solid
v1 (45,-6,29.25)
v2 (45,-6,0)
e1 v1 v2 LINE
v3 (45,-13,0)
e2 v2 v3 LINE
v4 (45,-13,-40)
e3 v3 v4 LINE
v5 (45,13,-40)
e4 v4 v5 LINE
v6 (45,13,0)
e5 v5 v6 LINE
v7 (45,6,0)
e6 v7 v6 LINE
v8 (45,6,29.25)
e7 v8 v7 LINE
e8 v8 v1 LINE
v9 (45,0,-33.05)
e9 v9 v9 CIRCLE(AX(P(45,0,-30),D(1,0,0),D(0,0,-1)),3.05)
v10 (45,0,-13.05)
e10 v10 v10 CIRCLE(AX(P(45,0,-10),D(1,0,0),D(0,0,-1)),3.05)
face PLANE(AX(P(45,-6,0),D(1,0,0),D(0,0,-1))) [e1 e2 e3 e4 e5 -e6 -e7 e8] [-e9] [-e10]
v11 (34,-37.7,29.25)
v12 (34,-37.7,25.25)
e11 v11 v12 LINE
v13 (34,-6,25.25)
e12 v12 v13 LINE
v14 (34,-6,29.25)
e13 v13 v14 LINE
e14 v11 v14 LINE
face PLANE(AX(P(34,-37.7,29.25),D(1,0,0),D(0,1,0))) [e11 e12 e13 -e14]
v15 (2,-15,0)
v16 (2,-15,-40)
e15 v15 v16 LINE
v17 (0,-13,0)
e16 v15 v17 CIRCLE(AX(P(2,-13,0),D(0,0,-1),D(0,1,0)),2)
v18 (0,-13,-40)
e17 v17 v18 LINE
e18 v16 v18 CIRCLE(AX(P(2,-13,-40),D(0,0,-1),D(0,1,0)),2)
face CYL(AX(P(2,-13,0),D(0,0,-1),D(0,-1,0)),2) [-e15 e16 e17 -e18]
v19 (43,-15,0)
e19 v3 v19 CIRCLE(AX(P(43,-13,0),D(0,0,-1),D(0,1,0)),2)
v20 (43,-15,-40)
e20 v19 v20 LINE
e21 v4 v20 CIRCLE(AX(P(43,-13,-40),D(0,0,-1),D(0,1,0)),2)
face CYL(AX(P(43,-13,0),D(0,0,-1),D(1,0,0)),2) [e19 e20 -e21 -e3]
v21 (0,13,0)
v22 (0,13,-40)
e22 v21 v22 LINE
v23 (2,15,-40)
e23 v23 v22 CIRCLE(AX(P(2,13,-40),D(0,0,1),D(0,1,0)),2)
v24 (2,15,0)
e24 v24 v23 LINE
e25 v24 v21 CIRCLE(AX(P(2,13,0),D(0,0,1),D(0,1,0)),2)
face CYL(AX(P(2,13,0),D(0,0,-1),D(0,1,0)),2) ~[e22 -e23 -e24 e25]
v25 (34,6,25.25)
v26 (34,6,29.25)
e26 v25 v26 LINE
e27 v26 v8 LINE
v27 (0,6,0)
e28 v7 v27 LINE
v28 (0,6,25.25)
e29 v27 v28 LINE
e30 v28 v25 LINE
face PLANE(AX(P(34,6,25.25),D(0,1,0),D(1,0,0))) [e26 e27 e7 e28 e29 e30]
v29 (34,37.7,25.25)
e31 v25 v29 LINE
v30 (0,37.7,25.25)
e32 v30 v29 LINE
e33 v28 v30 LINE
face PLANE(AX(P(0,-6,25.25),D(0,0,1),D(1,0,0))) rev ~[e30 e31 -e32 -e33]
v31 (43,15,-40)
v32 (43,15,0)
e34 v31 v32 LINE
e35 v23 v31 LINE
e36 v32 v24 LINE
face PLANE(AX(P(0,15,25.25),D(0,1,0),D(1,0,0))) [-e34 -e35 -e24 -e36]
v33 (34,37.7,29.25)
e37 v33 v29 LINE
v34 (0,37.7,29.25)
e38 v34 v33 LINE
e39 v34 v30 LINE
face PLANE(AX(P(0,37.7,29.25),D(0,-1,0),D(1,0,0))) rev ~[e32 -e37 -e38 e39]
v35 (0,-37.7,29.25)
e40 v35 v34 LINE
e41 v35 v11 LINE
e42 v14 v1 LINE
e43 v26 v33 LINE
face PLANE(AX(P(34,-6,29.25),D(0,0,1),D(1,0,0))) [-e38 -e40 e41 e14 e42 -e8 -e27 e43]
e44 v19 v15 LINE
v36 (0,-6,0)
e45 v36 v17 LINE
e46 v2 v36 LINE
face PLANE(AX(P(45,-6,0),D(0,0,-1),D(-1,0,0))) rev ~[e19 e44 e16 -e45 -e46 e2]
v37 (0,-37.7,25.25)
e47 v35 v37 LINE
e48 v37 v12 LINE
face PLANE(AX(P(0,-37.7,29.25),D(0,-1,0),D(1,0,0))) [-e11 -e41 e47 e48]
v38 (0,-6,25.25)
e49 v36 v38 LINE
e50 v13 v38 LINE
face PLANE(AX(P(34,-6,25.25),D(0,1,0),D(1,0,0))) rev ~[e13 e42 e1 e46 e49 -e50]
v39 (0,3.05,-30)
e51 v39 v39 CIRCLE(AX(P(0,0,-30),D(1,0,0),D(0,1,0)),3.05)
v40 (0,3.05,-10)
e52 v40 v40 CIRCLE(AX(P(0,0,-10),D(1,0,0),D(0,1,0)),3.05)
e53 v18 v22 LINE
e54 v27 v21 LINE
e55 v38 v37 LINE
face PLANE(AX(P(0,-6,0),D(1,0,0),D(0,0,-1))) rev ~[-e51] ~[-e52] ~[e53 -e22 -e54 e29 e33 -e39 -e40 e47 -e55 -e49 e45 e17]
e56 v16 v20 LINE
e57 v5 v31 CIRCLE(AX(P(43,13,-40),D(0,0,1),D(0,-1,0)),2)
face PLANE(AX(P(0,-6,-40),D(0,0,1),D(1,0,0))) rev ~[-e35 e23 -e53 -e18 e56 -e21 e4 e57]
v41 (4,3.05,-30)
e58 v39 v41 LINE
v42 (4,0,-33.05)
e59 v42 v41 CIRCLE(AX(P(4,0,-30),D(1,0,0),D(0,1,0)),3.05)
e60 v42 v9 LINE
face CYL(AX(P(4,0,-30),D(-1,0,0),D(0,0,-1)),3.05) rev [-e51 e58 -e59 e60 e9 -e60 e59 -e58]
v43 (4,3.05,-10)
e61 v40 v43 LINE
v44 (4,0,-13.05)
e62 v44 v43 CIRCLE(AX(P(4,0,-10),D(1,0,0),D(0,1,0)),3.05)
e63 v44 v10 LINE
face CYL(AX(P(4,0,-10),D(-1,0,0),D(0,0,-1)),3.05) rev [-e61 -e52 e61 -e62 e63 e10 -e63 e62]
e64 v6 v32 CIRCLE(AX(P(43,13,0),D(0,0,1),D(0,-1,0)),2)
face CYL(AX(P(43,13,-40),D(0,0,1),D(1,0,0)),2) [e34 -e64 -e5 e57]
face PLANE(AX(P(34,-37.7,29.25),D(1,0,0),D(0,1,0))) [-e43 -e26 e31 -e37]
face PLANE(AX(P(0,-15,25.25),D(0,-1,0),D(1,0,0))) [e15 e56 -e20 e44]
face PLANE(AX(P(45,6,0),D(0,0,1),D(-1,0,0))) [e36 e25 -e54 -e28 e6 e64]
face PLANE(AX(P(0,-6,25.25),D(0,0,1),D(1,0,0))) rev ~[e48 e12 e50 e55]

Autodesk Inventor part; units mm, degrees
ref_plane "YZ Plane" through (0, 0, 0) normal (1, 0, 0) x (0, 1, 0)
ref_plane "XZ Plane" through (0, 0, 0) normal (0, 1, 0) x (-1, 0, 0)
ref_plane "XY Plane" through (0, 0, 0) normal (0, 0, 1) x (1, 0, 0)
sketch "Sketch1" plane through (0, 0, 0) normal (1, 0, 0) x (0, 1, 0)
  circle A0 centre (0, -10) radius 3.05
  circle A1 centre (0, -30) radius 3.05
  line L0 (0, 0) -> (6, 0)
  line L1 (6, 0) -> (6, -40)
  line L2 (6, -40) -> (-6, -40)
  line L3 (-6, -40) -> (-6, 0)
  line L4 (-6, 0) -> (0, 0)
  line L5 (6, 0) -> (-6, 0)
extrude "Extrusion1" add sketch "Sketch1" along normal blind 4
sketch "Sketch2" plane through (0, -6, 0) normal (0, 0, 1) x (1, 0, 0)
  line L0 (0, 12) -> (0, 0) projected
  line L1 (0, 0) -> (4, 0) projected
  line L2 (4, 12) -> (4, 0) projected
  line L3 (0, 12) -> (4, 12) projected
  point P0 (0, 6)
extrude "Extrusion2" add sketch "Sketch2" along normal blind 29.25
sketch "Sketch3" plane through (0, -6, 29.25) normal (0, 0, 1) x (1, 0, 0)
  line L0 (0, 0) -> (0, 12) projected
  line L1 (0, 12) -> (0, 43.7)
  line L2 (0, 0) -> (4, 0) projected
  line L3 (0, 0) -> (0, -31.7)
  line L4 (0, 43.7) -> (34, 43.7)
  line L5 (0, -31.7) -> (34, -31.7)
  line L6 (34, -31.7) -> (34, 43.7)
  line L7 (0, 12) -> (0, 0) projected
  line L8 (0, 0) -> (4, 0) projected
  line L9 (4, 0) -> (4, 12) projected
  line L10 (4, 12) -> (0, 12) projected
  point P0 (0, 6)
  dimension "d12" = 31.7
  dimension "d13" = 31.7
  dimension "d14" = 34
  dimension "d15" = 34
extrude "Extrusion3" add sketch "Sketch3" against normal blind 4 contours L2 L9 L10 L1 L4 L6 L5 L3
sketch "Sketch4" plane through (4, 0, 0) normal (1, 0, 0) x (0, 0, -1)
  line L0 (-25.25, 6) -> (-25.25, -6) projected
  line L1 (40, -6) -> (-25.25, -6) projected
  line L2 (40, -6) -> (40, 6) projected
  line L3 (40, 6) -> (-25.25, 6) projected
  circle A0 centre (10, 0) radius 3.05 projected
  circle A1 centre (30, 0) radius 3.05 projected
  point P0 (0, 0)
extrude "Extrusion4" add sketch "Sketch4" along normal blind 41
sketch "Sketch5" plane through (34, -6, 25.25) normal (0, 0, 1) x (1, 0, 0)
  line L0 (0, 12) -> (0, 0) projected
  line L1 (0, 0) -> (11, 0) projected
  line L2 (11, 12) -> (11, 0) projected
  line L3 (0, 12) -> (11, 12) projected
  point P0 (-34, 6)
extrude "Extrusion5" add sketch "Sketch5" along normal up to surface (4 mm away)
sketch "Sketch6" plane through (0, 6, 25.25) normal (0, 1, 0) x (1, 0, 0)
  line L0 (45, 65.25) -> (45, -4) projected
  line L1 (45, 65.25) -> (45, 25.25)
  line L2 (45, 25.25) -> (0, 25.25)
  line L3 (0, 65.25) -> (45, 65.25) projected
  line L4 (0, 25.25) -> (0, 65.25)
  line L5 (0, 65.25) -> (45, 65.25)
  dimension "d23" = 40
extrude "Extrusion6" add sketch "Sketch6" along normal blind 9
fillet "Fillet2" radius 2 2 edges at (0, 15, -20) (45, 15, -20)
sketch "Sketch7" plane through (0, -6, 25.25) normal (0, -1, 0) x (1, 0, 0)
  line L0 (45, -25.25) -> (45, -65.25) projected
  line L1 (45, -65.25) -> (45, -25.25)
  line L2 (45, -25.25) -> (0, -25.25) projected
  line L3 (45, -25.25) -> (0, -25.25)
  line L4 (0, -25.25) -> (0, -65.25)
  line L5 (0, -65.25) -> (45, -65.25)
extrude "Extrusion7" add sketch "Sketch7" along normal blind 9
fillet "Fillet3" radius 2 2 edges at (45, -15, -20) (0, -15, -20)
properties part number "din_lamp_connector"
